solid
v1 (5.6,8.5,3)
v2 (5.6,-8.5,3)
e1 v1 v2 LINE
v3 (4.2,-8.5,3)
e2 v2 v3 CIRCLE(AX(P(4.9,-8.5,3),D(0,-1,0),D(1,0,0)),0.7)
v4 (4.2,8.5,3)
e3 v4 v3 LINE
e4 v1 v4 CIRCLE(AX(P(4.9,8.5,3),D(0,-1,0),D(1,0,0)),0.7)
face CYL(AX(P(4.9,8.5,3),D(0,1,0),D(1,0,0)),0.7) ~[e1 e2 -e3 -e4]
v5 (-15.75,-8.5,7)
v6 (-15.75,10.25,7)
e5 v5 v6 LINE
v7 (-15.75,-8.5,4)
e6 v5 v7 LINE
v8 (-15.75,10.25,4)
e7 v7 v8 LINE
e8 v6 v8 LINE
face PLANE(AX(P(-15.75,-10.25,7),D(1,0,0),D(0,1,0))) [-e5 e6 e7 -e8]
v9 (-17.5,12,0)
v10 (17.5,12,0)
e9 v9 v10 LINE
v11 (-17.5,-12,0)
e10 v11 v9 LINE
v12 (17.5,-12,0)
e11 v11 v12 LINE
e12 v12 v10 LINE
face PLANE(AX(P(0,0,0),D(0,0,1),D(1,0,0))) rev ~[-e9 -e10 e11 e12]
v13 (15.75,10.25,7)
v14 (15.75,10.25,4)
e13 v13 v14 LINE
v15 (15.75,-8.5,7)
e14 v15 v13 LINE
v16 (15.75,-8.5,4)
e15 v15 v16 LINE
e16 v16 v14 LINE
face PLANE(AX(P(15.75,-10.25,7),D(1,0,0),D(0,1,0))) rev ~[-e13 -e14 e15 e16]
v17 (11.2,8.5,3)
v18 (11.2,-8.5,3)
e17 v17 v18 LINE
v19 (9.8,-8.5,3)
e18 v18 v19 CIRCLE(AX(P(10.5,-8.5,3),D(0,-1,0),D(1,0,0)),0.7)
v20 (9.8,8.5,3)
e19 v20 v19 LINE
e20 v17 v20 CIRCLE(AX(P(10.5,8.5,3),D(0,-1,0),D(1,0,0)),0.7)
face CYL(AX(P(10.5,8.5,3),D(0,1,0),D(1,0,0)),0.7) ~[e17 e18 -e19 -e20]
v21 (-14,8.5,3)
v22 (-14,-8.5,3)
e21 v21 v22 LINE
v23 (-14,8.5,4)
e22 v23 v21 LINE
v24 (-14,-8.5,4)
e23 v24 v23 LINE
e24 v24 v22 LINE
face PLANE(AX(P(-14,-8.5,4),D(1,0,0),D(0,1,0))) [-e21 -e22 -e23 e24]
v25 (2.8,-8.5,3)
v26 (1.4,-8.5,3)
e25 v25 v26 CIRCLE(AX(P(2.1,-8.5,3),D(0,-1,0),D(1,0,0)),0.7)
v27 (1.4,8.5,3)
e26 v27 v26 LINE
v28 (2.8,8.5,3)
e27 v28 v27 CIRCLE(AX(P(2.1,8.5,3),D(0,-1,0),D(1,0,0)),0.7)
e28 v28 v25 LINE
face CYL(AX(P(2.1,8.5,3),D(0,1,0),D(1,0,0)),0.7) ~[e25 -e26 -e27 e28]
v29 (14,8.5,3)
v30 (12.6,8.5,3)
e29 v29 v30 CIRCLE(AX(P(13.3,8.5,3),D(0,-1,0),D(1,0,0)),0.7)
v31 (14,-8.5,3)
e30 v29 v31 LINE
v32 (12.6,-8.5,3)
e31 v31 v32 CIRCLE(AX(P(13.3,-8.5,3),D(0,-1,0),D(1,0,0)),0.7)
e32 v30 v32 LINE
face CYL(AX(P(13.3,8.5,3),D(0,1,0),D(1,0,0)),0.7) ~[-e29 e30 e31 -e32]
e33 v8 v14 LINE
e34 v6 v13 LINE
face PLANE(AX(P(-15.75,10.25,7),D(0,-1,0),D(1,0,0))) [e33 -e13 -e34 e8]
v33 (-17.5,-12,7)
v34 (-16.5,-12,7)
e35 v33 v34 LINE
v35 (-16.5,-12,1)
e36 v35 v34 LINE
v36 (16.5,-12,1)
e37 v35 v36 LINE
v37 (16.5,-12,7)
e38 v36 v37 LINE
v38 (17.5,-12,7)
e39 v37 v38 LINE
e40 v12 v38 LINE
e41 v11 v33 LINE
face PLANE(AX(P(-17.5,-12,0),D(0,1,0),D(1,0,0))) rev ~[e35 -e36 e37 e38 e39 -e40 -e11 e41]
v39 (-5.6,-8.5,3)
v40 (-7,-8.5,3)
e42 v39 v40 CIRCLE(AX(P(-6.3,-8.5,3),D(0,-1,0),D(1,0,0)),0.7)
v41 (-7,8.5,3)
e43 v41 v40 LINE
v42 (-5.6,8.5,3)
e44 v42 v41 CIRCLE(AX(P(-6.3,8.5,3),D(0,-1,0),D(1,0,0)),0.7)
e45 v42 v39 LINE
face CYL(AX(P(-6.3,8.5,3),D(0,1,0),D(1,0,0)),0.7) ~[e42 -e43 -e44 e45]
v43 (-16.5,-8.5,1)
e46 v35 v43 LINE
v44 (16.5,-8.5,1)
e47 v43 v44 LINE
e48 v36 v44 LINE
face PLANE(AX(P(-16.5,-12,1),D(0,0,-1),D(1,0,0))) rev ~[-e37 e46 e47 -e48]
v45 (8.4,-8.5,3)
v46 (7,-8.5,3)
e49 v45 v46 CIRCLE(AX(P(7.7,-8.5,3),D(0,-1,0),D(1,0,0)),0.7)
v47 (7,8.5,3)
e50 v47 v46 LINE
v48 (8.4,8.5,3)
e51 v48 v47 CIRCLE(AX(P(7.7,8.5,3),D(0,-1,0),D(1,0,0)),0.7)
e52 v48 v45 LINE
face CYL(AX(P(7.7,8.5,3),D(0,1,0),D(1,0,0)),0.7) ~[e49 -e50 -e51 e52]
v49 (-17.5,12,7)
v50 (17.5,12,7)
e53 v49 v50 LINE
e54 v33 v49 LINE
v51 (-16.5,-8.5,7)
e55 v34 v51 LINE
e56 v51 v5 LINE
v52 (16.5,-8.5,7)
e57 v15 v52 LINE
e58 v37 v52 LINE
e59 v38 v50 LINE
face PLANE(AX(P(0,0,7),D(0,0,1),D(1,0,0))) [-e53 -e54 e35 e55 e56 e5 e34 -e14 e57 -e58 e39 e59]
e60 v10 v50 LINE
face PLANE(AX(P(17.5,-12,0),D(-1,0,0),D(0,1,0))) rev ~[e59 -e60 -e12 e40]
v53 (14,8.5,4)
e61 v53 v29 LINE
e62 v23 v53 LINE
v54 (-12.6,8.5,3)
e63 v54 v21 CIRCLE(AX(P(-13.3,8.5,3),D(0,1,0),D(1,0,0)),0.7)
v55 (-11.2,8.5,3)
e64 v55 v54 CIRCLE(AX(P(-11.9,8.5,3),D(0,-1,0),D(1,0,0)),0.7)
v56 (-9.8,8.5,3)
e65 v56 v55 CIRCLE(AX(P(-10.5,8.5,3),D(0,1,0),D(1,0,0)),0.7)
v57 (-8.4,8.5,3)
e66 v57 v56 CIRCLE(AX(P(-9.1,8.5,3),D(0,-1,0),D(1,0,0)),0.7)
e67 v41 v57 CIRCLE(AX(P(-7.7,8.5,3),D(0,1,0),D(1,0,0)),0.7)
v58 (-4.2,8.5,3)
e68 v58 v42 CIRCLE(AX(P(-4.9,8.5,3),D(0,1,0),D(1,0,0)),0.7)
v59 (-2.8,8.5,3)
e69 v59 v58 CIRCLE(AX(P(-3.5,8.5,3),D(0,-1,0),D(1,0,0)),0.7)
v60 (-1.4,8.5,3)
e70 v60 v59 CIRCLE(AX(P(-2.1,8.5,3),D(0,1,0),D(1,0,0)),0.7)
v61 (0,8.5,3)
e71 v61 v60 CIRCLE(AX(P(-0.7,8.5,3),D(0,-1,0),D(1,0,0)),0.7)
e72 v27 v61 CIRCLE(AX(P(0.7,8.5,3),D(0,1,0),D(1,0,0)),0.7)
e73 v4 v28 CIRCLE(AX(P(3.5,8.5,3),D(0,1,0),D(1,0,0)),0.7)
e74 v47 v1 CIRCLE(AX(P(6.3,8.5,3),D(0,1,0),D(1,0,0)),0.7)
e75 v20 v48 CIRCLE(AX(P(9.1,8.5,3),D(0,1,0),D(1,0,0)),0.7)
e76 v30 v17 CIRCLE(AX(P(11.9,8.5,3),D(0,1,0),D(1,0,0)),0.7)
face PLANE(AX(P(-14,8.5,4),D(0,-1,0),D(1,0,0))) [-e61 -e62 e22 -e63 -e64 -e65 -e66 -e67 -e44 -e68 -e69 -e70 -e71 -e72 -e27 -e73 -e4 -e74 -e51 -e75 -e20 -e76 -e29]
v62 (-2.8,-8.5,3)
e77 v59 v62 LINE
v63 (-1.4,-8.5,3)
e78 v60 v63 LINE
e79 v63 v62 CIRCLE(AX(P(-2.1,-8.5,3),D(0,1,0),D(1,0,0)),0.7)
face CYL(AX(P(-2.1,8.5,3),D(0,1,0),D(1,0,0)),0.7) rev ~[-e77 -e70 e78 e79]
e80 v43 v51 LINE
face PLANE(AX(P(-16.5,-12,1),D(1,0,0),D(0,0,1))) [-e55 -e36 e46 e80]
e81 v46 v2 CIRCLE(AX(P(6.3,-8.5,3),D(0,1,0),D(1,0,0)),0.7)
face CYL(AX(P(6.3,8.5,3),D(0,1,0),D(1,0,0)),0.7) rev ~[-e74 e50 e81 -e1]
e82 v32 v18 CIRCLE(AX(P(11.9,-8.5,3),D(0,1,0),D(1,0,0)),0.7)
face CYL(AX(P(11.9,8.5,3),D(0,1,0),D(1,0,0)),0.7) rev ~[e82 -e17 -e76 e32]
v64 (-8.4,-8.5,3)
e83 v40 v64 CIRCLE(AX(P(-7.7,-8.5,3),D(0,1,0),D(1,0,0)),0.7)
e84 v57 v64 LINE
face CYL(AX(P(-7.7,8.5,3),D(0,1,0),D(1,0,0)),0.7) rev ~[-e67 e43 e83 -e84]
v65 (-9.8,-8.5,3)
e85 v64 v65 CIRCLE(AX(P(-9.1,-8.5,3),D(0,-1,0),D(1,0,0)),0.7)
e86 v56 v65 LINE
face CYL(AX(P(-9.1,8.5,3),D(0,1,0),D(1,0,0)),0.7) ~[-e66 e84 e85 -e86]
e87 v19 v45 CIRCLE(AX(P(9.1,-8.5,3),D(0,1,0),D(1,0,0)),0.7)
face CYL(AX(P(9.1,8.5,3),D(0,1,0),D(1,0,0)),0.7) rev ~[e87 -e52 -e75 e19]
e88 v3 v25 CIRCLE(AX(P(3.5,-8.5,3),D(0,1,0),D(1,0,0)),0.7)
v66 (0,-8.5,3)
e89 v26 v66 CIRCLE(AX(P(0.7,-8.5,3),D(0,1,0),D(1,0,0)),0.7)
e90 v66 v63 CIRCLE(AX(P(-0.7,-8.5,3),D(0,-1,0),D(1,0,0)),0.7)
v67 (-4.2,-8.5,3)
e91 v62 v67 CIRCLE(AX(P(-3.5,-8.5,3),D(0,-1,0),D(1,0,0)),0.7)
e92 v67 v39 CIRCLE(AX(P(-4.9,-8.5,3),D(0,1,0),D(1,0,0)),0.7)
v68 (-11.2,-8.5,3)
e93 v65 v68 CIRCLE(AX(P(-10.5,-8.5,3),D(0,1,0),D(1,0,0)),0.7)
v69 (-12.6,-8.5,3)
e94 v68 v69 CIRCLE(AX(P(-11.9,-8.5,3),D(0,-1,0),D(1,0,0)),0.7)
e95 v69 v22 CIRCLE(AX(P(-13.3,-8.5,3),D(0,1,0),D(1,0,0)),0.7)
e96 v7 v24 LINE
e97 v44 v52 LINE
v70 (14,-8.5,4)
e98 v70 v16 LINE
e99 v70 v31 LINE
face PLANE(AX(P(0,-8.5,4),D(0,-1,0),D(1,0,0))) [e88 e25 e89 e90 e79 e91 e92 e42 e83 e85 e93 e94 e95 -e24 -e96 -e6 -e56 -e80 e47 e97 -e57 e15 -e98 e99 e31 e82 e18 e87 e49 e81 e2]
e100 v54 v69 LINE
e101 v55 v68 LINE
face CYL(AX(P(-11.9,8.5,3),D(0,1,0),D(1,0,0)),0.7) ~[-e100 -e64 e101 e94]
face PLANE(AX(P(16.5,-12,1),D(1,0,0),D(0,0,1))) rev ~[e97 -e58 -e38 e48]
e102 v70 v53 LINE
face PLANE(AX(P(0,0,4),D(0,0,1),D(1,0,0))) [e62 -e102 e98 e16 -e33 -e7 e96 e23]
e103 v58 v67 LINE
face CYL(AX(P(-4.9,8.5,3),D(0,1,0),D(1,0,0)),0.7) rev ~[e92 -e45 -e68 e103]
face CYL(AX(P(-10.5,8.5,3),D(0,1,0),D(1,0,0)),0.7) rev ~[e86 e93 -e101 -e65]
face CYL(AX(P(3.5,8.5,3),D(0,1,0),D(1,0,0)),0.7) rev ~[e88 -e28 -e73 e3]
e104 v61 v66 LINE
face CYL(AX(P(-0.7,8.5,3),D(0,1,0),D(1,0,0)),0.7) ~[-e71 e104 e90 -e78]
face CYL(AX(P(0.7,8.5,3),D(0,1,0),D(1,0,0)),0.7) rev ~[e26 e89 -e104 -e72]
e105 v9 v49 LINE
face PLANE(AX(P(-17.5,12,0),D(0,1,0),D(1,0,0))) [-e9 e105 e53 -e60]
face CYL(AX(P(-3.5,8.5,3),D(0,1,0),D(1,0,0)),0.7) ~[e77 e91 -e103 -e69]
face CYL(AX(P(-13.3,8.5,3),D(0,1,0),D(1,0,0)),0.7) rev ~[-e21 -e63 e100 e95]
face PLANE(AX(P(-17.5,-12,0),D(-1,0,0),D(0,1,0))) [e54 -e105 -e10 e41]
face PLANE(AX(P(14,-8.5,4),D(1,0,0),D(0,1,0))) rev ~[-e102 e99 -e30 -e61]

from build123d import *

# Parameters (mm, degrees)
SKETCH_1_W          = 35
SKETCH_1_H          = 24
EXTRUDE_1_DEPTH     = 7
SKETCH_2_W          = 31.5
SKETCH_2_H          = 20.5
CUT_EXTRUDE_1_DEPTH = 3
SKETCH_3_W          = 28
SKETCH_3_H          = 17
CUT_EXTRUDE_2_DEPTH = 2
EXTRUDE_2_DEPTH     = 17
SKETCH_6_W          = 33
SKETCH_6_H          = 6
CUT_EXTRUDE_3_DEPTH = 3.5


with BuildPart() as part:
    # 草图1 → 凸台-拉伸1 (new body)
    with BuildSketch(Plane.XY):
        Rectangle(SKETCH_1_W, SKETCH_1_H)
    extrude(amount=EXTRUDE_1_DEPTH)

    # 草图2 → 切除-拉伸1 (cut)
    with BuildSketch(Plane.XY.offset(7)):
        Rectangle(SKETCH_2_W, SKETCH_2_H)
    extrude(amount=-CUT_EXTRUDE_1_DEPTH, mode=Mode.SUBTRACT)

    # 草图3 → 切除-拉伸2 (cut)
    with BuildSketch(Plane.XY.offset(4)):
        Rectangle(SKETCH_3_W, SKETCH_3_H)
    extrude(amount=-CUT_EXTRUDE_2_DEPTH, mode=Mode.SUBTRACT)

    # 草图4 → 凸台-拉伸2 (add)
    with BuildSketch(Plane.XZ.offset(-8.5)):
        with BuildLine():
            Line((-15, 3), (-15, 1))
            Line((-15, 1), (15, 1))
            Line((15, 1), (15, 3))
            Line((15, 3), (14, 3))
            ThreePointArc((14, 3), (13.3, 3.7), (12.6, 3))
            ThreePointArc((12.6, 3), (11.9, 2.3), (11.2, 3))
            ThreePointArc((11.2, 3), (10.5, 3.7), (9.8, 3))
            ThreePointArc((9.8, 3), (9.1, 2.3), (8.4, 3))
            ThreePointArc((8.4, 3), (7.7, 3.7), (7, 3))
            ThreePointArc((7, 3), (6.3, 2.3), (5.6, 3))
            ThreePointArc((5.6, 3), (4.9, 3.7), (4.2, 3))
            ThreePointArc((4.2, 3), (3.5, 2.3), (2.8, 3))
            ThreePointArc((2.8, 3), (2.1, 3.7), (1.4, 3))
            ThreePointArc((1.4, 3), (0.7, 2.3), (0, 3))
            ThreePointArc((0, 3), (-0.7, 3.7), (-1.4, 3))
            ThreePointArc((-1.4, 3), (-2.1, 2.3), (-2.8, 3))
            ThreePointArc((-2.8, 3), (-3.5, 3.7), (-4.2, 3))
            ThreePointArc((-4.2, 3), (-4.9, 2.3), (-5.6, 3))
            ThreePointArc((-5.6, 3), (-6.3, 3.7), (-7, 3))
            ThreePointArc((-7, 3), (-7.7, 2.3), (-8.4, 3))
            ThreePointArc((-8.4, 3), (-9.1, 3.7), (-9.8, 3))
            ThreePointArc((-9.8, 3), (-10.5, 2.3), (-11.2, 3))
            ThreePointArc((-11.2, 3), (-11.9, 3.7), (-12.6, 3))
            ThreePointArc((-12.6, 3), (-13.3, 2.3), (-14, 3))
            Line((-14, 3), (-15, 3))
        make_face()
    extrude(amount=EXTRUDE_2_DEPTH)

    # 草图6 → 切除-拉伸3 (cut)
    with BuildSketch(Plane.XZ.offset(12)):
        with Locations((0, 4)):
            Rectangle(SKETCH_6_W, SKETCH_6_H)
    extrude(amount=-CUT_EXTRUDE_3_DEPTH, mode=Mode.SUBTRACT)


solid = part.part
